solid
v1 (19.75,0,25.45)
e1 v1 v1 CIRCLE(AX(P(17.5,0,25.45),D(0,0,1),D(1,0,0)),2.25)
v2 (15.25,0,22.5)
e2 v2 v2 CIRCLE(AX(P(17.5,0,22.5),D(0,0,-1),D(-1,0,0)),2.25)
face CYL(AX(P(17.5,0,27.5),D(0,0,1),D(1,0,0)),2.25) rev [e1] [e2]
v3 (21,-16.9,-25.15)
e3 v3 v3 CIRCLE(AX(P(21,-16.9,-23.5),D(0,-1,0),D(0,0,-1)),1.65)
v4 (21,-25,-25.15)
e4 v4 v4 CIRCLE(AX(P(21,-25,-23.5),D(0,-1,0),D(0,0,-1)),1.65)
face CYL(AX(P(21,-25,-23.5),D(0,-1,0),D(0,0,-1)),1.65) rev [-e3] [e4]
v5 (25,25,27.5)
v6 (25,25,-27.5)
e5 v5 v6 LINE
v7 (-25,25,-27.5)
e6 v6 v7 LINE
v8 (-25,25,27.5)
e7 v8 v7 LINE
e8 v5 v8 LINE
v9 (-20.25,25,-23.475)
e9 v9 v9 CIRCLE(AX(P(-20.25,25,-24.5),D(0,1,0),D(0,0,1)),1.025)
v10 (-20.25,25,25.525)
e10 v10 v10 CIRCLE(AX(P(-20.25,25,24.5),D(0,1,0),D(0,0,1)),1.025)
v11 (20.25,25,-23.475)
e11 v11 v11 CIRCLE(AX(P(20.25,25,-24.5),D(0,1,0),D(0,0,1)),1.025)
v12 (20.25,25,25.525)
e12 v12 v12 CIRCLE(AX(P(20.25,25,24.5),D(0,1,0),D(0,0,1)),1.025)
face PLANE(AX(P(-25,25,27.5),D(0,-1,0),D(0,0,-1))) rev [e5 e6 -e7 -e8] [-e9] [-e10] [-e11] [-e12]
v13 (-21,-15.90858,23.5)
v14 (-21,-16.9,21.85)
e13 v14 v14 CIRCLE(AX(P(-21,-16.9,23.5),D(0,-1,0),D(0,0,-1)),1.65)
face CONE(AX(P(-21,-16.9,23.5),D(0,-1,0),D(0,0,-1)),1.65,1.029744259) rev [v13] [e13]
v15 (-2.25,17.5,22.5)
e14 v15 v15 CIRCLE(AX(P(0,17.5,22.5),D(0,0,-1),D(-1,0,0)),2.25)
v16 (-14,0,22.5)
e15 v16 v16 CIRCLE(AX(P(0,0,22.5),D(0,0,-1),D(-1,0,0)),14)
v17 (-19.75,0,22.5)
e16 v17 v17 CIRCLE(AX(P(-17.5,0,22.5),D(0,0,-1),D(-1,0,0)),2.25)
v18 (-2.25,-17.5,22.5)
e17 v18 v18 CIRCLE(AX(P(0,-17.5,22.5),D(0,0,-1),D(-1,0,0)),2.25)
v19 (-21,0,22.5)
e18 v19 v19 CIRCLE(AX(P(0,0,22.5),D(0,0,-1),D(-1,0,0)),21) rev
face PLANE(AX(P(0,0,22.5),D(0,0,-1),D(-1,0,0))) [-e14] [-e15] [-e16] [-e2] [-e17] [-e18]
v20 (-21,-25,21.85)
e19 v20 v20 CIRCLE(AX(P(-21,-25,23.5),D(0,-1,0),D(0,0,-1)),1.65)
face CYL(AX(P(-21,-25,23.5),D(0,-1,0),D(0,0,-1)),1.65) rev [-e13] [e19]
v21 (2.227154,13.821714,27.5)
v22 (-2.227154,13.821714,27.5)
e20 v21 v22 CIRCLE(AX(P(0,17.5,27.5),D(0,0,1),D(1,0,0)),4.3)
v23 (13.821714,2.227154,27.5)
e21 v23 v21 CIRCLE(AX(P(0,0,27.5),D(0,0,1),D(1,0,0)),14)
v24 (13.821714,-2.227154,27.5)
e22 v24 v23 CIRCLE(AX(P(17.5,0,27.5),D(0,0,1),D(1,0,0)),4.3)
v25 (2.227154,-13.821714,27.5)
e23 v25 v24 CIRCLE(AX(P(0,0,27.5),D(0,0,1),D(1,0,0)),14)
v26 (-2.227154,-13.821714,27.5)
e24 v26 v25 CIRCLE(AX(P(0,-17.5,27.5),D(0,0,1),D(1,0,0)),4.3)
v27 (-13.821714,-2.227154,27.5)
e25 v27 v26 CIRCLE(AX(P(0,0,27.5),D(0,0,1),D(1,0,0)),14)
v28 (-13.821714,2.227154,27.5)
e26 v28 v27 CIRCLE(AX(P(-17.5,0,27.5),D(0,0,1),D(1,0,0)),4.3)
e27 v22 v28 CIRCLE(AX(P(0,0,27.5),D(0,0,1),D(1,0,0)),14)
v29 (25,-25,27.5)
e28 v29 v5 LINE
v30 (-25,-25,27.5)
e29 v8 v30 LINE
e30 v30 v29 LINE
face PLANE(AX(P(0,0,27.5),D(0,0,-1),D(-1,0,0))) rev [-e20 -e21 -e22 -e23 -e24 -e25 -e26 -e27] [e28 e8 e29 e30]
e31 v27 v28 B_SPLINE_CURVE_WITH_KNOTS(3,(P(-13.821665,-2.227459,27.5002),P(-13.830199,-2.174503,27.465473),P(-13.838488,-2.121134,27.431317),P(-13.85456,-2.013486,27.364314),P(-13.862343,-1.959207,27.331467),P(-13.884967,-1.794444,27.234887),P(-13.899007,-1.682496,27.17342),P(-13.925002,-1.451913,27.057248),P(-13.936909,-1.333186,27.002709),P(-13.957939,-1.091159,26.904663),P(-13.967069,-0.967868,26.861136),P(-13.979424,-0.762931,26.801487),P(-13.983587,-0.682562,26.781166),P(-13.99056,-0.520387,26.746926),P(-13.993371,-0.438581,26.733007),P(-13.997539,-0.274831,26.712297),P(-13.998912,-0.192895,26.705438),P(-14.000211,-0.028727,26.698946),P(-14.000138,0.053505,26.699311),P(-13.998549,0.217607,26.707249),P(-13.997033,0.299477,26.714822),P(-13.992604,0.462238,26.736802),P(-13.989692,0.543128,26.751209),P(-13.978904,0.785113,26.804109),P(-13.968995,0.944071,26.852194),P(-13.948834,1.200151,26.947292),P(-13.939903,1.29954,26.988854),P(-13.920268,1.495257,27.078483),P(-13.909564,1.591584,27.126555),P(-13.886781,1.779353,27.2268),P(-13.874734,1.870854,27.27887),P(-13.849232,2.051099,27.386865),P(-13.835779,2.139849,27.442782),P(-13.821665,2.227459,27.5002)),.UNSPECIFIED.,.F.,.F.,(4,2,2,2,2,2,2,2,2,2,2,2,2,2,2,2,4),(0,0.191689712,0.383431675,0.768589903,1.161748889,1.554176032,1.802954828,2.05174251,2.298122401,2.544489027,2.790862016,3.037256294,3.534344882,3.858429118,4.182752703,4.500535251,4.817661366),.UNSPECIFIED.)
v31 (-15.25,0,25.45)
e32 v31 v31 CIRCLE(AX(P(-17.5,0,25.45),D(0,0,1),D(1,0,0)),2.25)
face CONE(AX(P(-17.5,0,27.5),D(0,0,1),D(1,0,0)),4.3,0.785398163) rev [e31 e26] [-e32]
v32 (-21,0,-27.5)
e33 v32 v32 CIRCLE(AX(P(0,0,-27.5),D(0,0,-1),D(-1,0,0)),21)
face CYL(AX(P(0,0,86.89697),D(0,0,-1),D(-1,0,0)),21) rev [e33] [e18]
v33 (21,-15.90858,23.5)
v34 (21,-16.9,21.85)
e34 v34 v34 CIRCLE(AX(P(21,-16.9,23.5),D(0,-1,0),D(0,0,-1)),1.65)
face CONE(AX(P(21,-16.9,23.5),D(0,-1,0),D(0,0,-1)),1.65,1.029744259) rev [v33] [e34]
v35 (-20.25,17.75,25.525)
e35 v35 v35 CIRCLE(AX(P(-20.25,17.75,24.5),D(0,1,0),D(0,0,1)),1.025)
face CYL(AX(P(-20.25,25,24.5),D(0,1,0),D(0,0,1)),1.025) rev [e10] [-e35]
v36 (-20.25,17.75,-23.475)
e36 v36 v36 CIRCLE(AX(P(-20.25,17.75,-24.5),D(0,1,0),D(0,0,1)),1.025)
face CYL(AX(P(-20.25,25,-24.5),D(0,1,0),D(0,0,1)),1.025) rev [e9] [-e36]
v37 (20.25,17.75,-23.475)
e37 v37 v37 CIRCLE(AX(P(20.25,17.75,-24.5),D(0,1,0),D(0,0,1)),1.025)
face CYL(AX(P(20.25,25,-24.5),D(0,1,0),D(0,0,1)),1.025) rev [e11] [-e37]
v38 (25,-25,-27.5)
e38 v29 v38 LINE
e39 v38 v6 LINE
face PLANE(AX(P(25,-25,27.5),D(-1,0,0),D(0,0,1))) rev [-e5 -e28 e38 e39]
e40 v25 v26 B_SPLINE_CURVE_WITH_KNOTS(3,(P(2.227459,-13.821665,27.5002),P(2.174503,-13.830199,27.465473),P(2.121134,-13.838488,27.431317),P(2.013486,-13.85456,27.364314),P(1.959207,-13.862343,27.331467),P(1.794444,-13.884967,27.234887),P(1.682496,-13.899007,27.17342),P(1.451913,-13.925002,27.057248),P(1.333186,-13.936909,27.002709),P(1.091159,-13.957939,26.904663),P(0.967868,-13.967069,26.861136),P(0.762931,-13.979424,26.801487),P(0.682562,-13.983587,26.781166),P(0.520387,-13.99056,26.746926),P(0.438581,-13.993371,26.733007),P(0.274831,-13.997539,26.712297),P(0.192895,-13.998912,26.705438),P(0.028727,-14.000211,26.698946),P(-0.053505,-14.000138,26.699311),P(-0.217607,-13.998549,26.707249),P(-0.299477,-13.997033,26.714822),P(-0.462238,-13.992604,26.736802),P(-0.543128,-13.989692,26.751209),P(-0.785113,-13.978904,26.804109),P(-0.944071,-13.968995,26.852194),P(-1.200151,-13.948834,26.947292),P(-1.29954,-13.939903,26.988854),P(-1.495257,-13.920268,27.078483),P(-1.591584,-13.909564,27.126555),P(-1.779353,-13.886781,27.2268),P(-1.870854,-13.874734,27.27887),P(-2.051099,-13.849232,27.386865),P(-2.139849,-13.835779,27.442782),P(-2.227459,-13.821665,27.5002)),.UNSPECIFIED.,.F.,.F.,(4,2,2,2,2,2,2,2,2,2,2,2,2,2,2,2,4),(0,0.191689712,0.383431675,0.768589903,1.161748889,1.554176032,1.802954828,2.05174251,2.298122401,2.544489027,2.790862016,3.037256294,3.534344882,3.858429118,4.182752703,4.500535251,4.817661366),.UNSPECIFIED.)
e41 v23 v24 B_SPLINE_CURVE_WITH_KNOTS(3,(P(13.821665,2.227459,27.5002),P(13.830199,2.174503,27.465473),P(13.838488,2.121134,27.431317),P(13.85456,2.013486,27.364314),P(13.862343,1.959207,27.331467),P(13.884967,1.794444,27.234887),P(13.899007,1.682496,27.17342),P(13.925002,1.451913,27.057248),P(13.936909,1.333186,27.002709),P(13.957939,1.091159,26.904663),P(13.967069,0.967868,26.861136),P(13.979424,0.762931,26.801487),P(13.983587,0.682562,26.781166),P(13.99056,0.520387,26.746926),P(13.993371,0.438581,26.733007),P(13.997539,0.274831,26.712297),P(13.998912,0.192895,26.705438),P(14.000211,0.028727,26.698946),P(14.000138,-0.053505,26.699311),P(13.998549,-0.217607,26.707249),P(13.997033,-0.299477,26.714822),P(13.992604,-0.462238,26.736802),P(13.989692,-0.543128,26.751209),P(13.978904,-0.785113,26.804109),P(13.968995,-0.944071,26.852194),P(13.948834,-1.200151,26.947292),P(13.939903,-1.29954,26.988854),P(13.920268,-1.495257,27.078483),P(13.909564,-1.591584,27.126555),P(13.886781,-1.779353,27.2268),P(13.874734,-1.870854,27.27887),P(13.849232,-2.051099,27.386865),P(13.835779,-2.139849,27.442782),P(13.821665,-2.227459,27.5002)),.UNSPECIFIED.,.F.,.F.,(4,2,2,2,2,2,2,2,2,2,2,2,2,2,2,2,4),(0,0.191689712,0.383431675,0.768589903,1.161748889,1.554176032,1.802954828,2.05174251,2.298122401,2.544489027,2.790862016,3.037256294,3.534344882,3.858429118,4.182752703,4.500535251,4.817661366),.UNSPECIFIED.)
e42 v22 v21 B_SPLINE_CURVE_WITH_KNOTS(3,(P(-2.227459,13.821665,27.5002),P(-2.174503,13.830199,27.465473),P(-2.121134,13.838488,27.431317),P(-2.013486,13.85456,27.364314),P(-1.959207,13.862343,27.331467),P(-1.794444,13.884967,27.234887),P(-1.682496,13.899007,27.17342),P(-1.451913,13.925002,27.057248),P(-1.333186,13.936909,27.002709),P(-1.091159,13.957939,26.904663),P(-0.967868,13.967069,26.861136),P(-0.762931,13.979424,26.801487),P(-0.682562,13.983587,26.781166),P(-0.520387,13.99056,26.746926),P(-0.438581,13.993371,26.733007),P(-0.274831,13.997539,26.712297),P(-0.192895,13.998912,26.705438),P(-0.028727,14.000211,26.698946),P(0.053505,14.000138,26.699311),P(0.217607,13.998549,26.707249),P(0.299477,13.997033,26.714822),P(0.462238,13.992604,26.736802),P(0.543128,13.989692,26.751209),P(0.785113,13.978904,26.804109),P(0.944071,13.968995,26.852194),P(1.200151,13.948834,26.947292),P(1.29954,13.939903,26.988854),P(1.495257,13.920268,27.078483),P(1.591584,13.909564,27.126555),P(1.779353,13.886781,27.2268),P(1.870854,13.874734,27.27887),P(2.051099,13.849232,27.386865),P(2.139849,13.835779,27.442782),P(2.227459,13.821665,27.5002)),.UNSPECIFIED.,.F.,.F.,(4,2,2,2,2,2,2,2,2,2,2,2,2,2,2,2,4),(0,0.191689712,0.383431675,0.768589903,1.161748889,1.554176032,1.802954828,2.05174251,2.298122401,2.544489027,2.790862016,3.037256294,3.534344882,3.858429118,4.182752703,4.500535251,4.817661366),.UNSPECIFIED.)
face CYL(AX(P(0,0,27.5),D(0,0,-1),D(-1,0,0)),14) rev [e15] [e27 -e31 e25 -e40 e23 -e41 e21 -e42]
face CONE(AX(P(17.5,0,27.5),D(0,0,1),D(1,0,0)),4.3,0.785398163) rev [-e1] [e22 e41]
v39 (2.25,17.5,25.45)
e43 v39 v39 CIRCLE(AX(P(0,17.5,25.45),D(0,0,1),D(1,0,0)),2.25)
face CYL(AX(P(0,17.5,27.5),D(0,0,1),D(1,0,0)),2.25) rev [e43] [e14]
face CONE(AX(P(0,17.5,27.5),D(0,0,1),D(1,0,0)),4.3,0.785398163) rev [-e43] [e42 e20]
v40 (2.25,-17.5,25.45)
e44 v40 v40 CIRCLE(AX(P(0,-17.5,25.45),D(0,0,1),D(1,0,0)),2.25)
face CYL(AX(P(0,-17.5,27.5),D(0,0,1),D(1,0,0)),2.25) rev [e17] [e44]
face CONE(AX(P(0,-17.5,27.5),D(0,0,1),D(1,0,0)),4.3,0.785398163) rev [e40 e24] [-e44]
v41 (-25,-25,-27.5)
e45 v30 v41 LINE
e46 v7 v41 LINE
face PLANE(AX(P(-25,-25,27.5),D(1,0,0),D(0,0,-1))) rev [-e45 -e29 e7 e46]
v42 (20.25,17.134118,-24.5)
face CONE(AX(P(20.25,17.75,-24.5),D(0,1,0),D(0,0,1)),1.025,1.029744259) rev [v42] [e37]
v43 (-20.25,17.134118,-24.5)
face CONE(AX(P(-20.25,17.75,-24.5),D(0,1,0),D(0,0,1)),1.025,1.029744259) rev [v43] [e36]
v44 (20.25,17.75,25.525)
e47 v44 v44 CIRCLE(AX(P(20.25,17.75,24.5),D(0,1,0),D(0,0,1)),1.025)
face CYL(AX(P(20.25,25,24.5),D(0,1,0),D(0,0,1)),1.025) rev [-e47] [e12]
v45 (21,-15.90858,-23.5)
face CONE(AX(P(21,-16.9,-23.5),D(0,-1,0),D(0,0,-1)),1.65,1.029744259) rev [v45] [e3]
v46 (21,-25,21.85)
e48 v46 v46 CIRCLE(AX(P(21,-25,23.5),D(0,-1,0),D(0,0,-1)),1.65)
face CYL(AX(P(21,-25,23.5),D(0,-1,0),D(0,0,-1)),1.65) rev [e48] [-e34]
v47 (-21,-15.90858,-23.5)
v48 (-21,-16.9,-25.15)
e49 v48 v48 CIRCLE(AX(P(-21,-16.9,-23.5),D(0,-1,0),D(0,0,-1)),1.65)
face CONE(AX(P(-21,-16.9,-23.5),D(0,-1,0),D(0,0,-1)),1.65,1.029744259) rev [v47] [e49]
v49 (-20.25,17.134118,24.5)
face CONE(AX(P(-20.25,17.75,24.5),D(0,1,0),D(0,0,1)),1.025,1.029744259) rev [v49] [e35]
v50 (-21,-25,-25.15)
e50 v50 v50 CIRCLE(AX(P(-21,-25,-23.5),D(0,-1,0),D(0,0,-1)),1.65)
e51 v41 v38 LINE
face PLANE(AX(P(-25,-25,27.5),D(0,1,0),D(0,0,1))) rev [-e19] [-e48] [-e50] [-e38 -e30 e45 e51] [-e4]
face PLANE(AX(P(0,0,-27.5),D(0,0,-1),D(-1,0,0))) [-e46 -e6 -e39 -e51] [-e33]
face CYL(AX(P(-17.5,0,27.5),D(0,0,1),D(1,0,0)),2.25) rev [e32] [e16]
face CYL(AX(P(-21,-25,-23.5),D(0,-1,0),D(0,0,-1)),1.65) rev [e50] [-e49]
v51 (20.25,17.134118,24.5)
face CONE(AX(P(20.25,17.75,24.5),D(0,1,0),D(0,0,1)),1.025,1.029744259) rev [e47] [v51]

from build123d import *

# Parameters (mm, degrees)
SKETCH_1_W                = 50
SKETCH_1_H                = 50
SKETCH_1_R                = 14
EXTRUDE_2_DEPTH           = 27.5
SKETCH_3_R                = 21
CUT_EXTRUDE_2_DEPTH       = 50
HOLE_WIZARD_M2_5_1_D      = 2.05
HOLE_WIZARD_M2_5_1_DEPTH  = 7.25
HOLE_WIZARD_M2_5_1_TIP    = 0.615882135
HOLE_WIZARD_1_D           = 4.5
HOLE_WIZARD_1_CSINK_D     = 8.6
HOLE_WIZARD_1_CSINK_ANGLE = 90
HOLE_WIZARD_M4_1_D        = 3.3
HOLE_WIZARD_M4_1_DEPTH    = 8.1
HOLE_WIZARD_M4_1_TIP      = 0.991420021


with BuildPart() as part:
    # 草图1 → 凸台-拉伸2 (new, symmetric)
    with BuildSketch(Plane.XY):
        Rectangle(SKETCH_1_W, SKETCH_1_H)
        Circle(SKETCH_1_R, mode=Mode.SUBTRACT)
    extrude(amount=EXTRUDE_2_DEPTH, both=True)

    # 草图3 → 切除-拉伸2 (cut)
    with BuildSketch(Plane(origin=(0, 0, -27.5), x_dir=(-1, 0, 0), z_dir=(0, 0, -1))):
        Circle(SKETCH_3_R)
    extrude(amount=-CUT_EXTRUDE_2_DEPTH, mode=Mode.SUBTRACT)

    # M2.5 螺纹孔1
    with Locations(Plane(origin=(-9.644019955, 25, 9.714634246), x_dir=(1, 0, 0), z_dir=(0, 1, 0))):
        with Locations((29.894019955, 34.214634246), (-10.605980045, -14.785365754), (-10.605980045, 34.214634246), (29.894019955, -14.785365754)):
            Hole(HOLE_WIZARD_M2_5_1_D / 2, depth=HOLE_WIZARD_M2_5_1_DEPTH)
            with Locations((0, 0, -(HOLE_WIZARD_M2_5_1_DEPTH + HOLE_WIZARD_M2_5_1_TIP / 2))):  # 118° drill point
                Cone(0, HOLE_WIZARD_M2_5_1_D / 2, HOLE_WIZARD_M2_5_1_TIP, mode=Mode.SUBTRACT)

    # 打孔尺寸(%根据十字)槽沉头木螺钉的类型1 (through all)
    with Locations(Plane.XY.offset(27.5)):
        with Locations((0, 17.5), (17.5, 0), (0, -17.5), (-17.5, 0)):
            CounterSinkHole(HOLE_WIZARD_1_D / 2, HOLE_WIZARD_1_CSINK_D / 2, counter_sink_angle=HOLE_WIZARD_1_CSINK_ANGLE)

    # M4 螺纹孔1
    with Locations(Plane(origin=(0.5, -25, 0), x_dir=(0, 0, 1), z_dir=(0, -1, 0))):
        with Locations((23.5, 21.5), (-23.5, -20.5), (-23.5, 21.5), (23.5, -20.5)):
            Hole(HOLE_WIZARD_M4_1_D / 2, depth=HOLE_WIZARD_M4_1_DEPTH)
            with Locations((0, 0, -(HOLE_WIZARD_M4_1_DEPTH + HOLE_WIZARD_M4_1_TIP / 2))):  # 118° drill point
                Cone(0, HOLE_WIZARD_M4_1_D / 2, HOLE_WIZARD_M4_1_TIP, mode=Mode.SUBTRACT)


solid = part.part
